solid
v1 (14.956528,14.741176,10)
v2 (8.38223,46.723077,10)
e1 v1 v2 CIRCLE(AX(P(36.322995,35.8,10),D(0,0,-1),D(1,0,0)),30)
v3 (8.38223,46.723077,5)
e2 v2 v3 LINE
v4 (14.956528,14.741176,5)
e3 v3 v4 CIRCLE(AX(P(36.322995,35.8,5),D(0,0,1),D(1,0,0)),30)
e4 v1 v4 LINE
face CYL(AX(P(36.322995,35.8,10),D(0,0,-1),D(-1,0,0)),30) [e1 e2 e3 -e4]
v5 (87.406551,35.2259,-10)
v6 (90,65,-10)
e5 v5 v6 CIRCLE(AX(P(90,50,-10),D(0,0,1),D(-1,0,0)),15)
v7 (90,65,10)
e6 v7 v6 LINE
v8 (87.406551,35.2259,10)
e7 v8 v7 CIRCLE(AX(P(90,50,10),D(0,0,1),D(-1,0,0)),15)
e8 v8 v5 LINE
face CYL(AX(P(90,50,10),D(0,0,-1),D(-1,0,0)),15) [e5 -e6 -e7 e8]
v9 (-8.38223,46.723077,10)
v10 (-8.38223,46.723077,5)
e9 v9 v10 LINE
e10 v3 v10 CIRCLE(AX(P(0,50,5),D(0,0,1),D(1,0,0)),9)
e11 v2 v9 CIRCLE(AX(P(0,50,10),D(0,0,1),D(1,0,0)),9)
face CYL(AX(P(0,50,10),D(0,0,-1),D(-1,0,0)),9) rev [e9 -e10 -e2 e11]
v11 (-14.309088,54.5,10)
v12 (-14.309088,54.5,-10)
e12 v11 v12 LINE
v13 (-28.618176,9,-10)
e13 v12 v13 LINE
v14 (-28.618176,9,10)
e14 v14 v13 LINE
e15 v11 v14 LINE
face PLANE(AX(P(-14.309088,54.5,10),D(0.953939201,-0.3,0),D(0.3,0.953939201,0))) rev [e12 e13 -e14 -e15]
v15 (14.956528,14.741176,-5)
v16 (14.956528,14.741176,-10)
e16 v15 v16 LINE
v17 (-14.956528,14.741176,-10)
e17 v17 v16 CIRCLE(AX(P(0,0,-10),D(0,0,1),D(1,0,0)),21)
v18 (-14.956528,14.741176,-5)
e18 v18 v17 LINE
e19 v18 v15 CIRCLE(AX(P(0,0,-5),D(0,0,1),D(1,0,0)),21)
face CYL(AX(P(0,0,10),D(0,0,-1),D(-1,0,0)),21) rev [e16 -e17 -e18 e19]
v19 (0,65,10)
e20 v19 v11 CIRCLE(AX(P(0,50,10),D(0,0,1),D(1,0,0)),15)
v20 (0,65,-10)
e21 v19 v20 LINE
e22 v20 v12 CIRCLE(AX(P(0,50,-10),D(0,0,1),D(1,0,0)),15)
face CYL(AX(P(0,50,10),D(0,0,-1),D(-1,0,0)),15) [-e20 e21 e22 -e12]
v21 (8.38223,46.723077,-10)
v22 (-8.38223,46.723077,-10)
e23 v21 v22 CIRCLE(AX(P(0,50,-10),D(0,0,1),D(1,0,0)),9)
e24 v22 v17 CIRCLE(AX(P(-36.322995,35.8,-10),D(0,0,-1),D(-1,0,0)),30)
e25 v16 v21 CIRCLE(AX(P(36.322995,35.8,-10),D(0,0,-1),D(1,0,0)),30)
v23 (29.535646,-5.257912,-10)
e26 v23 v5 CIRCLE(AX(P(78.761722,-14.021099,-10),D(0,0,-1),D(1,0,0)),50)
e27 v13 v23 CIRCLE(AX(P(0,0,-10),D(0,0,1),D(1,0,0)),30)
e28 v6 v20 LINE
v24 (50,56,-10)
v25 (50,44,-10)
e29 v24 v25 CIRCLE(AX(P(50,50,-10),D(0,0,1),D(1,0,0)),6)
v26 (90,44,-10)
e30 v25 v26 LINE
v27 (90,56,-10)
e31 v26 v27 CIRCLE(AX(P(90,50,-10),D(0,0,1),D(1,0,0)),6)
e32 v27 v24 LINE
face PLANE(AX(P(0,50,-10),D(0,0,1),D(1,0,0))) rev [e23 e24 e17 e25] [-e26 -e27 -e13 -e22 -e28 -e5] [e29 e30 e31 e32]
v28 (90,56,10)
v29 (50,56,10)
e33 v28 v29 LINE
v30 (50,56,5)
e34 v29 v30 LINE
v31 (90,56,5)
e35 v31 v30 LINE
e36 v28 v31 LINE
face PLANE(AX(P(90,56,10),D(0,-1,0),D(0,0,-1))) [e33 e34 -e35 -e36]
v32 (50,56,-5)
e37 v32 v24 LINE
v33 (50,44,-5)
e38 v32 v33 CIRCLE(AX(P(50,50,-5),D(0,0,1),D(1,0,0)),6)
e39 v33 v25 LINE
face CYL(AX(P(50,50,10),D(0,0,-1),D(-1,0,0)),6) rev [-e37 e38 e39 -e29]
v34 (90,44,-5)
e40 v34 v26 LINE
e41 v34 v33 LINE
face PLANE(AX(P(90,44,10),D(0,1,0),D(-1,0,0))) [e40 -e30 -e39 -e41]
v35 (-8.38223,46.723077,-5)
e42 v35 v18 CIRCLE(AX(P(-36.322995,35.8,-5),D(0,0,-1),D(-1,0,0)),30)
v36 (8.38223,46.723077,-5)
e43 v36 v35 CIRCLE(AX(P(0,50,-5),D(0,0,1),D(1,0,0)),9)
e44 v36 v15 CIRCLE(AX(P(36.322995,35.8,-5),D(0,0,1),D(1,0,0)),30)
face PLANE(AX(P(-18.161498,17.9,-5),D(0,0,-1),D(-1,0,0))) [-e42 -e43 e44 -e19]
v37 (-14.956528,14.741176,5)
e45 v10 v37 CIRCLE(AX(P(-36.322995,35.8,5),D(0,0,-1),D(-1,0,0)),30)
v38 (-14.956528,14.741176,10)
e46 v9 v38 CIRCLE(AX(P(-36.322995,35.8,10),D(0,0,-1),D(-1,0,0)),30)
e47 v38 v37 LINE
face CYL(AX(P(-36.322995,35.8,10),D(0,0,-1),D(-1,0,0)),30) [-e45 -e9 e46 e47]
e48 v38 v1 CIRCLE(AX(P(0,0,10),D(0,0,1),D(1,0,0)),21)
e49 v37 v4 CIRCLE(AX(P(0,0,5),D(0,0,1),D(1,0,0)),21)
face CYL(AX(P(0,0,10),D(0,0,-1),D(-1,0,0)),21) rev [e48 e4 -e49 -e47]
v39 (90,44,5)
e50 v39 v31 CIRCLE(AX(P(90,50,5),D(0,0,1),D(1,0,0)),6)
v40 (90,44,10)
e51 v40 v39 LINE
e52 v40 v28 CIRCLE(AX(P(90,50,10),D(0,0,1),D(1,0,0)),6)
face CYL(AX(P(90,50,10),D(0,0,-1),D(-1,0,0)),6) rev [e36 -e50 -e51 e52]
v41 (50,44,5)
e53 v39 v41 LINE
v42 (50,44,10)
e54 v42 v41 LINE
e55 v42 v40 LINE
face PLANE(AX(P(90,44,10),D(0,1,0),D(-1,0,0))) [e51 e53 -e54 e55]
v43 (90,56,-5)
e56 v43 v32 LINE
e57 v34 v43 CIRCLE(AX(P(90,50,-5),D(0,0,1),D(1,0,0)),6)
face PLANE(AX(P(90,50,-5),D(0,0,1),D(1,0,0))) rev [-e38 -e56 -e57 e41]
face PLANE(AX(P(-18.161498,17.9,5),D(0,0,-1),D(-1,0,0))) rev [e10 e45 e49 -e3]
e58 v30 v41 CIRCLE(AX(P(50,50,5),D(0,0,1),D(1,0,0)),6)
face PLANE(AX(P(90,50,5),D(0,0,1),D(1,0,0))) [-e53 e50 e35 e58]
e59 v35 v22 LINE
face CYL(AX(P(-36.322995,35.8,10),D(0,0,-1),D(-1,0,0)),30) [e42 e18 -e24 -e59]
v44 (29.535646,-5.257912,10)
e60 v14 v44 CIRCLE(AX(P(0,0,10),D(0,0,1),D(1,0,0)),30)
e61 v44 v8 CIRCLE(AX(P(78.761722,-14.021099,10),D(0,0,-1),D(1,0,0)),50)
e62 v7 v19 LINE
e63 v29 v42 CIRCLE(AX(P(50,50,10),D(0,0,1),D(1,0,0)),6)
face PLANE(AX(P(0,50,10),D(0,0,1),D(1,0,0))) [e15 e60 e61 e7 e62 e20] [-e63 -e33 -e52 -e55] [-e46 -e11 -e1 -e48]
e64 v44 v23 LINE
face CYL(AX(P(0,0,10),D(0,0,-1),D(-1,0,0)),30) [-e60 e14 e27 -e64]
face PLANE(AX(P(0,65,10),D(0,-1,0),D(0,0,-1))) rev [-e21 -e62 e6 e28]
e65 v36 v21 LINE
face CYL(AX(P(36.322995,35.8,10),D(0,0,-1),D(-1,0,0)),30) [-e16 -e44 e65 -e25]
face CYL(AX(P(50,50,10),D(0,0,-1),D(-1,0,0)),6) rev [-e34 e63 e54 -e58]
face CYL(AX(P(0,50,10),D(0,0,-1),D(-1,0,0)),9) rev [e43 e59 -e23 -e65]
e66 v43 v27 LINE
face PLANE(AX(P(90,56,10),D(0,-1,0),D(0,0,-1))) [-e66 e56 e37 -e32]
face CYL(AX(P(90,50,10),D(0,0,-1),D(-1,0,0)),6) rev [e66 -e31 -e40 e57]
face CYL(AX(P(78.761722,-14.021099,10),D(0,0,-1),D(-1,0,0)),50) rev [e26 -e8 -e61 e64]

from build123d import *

# Parameters (mm, degrees)
BOSS_EXTRUDE1_DEPTH   = 5
BOSS_EXTRUDE1_2_DEPTH = 5
BOSS_EXTRUDE2_START   = -10
BOSS_EXTRUDE2_DEPTH   = 20


with BuildPart() as part:
    # Sketch1 → Boss-Extrude1 (new, symmetric)
    with BuildSketch(Plane.XY):
        with BuildLine():
            Line((90, 44), (50, 44))
            ThreePointArc((50, 44), (44, 50), (50, 56))
            Line((50, 56), (90, 56))
            ThreePointArc((90, 56), (96, 50), (90, 44))
        make_face()
    extrude(amount=BOSS_EXTRUDE1_DEPTH, both=True)



with BuildPart() as body_2:
    # Sketch1 → Boss-Extrude1 2 (new, symmetric)
    with BuildSketch(Plane.XY):
        with BuildLine():
            ThreePointArc((-14.956527547, 14.741176471), (0, -21), (14.956527547, 14.741176471))
            ThreePointArc((14.956527547, 14.741176471), (6.937432482, 29.759413292), (8.382229724, 46.723076923))
            ThreePointArc((8.382229724, 46.723076923), (0, 59), (-8.382229724, 46.723076923))
            ThreePointArc((-8.382229724, 46.723076923), (-6.937432482, 29.759413292), (-14.956527547, 14.741176471))
        make_face()
    extrude(amount=BOSS_EXTRUDE1_2_DEPTH, both=True)


with BuildPart() as part_1:
    add(part.part)

    add(body_2.part)  # Boss-Extrude2 merges body 2
    # Sketch1<4> → Boss-Extrude2 (add)
    with BuildSketch(Plane.XY.offset(BOSS_EXTRUDE2_START)):
        with BuildLine():
            Line((0, 65), (90, 65))
            ThreePointArc((90, 65), (104.943418217, 48.698365648), (87.406551135, 35.225900265))
            ThreePointArc((87.406551135, 35.225900265), (50.100874494, 26.949083525), (29.535645594, -5.25791207))
            ThreePointArc((29.535645594, -5.25791207), (-7.143700144, -29.137047693), (-28.618176043, 9))
            Line((-28.618176043, 9), (-14.309088021, 54.5))
            ThreePointArc((-14.309088021, 54.5), (-8.874119675, 62.093386622), (0, 65))
        make_face()
        with BuildLine():
            Line((90, 44), (50, 44))
            ThreePointArc((50, 44), (44, 50), (50, 56))
            Line((50, 56), (90, 56))
            ThreePointArc((90, 56), (96, 50), (90, 44))
        make_face(mode=Mode.SUBTRACT)
        with BuildLine():
            ThreePointArc((-14.956527547, 14.741176471), (0, -21), (14.956527547, 14.741176471))
            ThreePointArc((14.956527547, 14.741176471), (6.937432482, 29.759413292), (8.382229724, 46.723076923))
            ThreePointArc((8.382229724, 46.723076923), (0, 59), (-8.382229724, 46.723076923))
            ThreePointArc((-8.382229724, 46.723076923), (-6.937432482, 29.759413292), (-14.956527547, 14.741176471))
        make_face(mode=Mode.SUBTRACT)
    extrude(amount=BOSS_EXTRUDE2_DEPTH)


solid = part_1.part
